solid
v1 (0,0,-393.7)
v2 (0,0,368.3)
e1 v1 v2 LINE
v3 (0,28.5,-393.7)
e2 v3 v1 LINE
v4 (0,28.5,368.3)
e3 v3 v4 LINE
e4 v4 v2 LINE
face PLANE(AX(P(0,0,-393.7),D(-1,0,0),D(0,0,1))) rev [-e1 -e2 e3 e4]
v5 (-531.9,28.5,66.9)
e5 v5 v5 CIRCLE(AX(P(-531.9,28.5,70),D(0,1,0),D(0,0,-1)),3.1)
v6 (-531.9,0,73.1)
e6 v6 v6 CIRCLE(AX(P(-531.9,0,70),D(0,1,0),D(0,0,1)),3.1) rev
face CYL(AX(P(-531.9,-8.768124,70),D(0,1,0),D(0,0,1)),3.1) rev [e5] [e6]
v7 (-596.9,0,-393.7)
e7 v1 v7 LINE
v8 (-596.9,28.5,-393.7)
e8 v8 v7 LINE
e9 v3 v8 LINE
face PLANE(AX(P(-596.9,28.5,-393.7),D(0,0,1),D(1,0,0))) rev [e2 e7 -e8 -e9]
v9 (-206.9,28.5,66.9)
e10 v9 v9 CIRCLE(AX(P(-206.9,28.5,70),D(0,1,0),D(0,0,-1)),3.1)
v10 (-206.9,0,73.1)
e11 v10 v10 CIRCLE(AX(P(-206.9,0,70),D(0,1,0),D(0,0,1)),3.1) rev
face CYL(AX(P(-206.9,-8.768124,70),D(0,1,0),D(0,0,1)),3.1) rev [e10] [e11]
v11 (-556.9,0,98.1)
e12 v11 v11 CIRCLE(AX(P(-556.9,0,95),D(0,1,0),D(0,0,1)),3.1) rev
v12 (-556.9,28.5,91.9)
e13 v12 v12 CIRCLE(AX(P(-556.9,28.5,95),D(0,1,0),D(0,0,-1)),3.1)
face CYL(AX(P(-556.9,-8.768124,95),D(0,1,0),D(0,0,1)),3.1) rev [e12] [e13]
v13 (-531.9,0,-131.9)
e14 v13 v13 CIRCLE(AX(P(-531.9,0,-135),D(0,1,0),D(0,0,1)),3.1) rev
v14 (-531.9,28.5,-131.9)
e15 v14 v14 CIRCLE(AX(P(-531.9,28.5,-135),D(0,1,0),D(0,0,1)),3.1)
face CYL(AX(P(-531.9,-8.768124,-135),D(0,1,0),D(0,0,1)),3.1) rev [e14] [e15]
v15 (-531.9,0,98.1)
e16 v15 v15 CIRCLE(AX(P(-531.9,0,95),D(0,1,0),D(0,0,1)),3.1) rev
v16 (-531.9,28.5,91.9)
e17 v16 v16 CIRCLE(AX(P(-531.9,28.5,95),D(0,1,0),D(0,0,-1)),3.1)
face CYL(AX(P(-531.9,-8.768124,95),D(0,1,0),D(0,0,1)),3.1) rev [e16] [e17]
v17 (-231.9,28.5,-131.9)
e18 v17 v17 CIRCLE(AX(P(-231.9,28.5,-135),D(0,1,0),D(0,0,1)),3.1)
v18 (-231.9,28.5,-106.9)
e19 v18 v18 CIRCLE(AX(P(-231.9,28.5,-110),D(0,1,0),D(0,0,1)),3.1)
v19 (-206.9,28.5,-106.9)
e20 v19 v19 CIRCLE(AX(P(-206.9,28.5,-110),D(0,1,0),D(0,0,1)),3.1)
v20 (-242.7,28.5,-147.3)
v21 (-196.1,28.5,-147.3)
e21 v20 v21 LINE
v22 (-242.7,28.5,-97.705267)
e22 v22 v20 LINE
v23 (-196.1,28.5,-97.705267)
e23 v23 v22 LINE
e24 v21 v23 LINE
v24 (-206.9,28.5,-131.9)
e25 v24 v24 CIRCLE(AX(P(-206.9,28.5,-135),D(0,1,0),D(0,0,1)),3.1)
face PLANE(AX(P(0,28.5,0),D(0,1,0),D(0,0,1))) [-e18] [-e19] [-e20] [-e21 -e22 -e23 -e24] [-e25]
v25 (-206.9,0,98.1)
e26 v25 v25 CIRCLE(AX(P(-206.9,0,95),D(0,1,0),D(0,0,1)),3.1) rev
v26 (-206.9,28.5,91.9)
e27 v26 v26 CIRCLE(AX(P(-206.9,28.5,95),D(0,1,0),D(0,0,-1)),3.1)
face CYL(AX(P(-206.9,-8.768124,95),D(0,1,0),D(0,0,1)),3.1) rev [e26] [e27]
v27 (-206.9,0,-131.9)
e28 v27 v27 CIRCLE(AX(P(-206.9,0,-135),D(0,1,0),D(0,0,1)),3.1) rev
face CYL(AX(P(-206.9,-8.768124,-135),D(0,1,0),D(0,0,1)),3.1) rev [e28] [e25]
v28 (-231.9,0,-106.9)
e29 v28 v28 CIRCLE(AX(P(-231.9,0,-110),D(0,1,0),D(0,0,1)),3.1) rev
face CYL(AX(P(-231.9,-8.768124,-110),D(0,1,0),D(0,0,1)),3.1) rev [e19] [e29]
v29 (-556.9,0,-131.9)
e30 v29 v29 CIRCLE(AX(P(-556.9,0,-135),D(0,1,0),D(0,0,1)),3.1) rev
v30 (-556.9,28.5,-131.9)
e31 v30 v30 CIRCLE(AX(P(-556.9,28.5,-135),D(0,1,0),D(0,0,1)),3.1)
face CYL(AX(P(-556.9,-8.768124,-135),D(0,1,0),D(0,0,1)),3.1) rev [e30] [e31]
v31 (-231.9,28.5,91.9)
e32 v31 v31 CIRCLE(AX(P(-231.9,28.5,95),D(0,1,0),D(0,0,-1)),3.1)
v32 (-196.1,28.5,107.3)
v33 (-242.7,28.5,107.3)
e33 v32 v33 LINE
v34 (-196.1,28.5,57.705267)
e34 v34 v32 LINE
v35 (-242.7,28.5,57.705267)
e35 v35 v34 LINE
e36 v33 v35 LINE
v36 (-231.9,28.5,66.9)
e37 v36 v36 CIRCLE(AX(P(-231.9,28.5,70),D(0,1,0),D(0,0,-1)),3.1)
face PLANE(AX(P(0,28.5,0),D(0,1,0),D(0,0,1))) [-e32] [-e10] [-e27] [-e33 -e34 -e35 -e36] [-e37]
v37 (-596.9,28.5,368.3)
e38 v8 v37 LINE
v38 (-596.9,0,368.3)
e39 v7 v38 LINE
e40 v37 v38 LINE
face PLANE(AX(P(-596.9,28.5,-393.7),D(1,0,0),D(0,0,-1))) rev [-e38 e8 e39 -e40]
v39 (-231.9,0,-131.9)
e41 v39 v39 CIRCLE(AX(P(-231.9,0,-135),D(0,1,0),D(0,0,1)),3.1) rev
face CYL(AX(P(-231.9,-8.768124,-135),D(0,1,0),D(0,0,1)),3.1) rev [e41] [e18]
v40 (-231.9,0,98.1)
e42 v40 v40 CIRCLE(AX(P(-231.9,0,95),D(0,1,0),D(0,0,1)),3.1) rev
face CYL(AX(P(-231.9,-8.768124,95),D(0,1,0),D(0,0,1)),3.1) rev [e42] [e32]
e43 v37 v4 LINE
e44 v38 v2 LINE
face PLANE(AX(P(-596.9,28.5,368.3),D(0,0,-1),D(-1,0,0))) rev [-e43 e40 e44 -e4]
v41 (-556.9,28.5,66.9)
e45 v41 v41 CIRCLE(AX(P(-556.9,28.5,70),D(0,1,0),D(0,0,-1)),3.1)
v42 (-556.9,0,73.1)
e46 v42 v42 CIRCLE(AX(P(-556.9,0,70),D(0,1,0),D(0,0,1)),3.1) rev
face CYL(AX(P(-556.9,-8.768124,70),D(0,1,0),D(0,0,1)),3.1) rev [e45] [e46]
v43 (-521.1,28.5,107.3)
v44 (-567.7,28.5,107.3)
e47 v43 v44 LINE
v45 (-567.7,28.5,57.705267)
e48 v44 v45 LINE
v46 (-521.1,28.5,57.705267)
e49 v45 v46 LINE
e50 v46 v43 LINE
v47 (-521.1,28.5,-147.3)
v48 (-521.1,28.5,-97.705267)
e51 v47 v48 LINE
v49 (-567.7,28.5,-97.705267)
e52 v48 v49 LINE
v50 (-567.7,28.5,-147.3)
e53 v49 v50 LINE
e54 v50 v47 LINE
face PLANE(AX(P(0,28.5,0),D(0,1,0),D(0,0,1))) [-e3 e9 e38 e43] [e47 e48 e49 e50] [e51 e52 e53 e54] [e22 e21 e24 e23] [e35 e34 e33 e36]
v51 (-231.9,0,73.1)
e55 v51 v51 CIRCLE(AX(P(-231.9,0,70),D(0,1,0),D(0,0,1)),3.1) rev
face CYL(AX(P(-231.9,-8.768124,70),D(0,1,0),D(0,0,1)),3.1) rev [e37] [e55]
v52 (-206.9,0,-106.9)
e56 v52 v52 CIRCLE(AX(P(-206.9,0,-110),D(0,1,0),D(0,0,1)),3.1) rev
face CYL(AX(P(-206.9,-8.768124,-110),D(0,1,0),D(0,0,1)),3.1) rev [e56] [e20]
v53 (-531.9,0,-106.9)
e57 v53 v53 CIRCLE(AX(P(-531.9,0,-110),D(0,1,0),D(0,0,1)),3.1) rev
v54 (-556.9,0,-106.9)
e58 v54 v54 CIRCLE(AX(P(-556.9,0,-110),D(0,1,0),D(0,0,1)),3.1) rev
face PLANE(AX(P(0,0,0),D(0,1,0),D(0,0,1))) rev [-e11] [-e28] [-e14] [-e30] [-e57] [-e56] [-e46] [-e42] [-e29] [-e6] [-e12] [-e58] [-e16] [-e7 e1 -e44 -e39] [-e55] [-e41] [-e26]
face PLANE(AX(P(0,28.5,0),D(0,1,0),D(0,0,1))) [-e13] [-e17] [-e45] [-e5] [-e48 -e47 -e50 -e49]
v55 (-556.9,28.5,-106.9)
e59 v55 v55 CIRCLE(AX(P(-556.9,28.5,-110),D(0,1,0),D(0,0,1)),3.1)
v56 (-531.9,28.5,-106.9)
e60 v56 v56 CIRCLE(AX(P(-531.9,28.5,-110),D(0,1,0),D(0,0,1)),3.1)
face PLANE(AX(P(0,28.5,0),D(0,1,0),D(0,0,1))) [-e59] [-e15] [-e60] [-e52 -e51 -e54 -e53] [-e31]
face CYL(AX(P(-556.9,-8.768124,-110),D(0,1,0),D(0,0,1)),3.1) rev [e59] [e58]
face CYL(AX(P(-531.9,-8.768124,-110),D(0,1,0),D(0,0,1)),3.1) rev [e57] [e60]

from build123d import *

# Parameters (mm, degrees)
SKETCH1_W               = 1028.7
SKETCH1_H               = 50.8
BOSS_EXTRUDE1_DEPTH     = 704.85
SKETCH2_W               = 508
SKETCH2_H               = 100
SKETCH2_H_2             = 403.25
CUT_EXTRUDE1_DEPTH      = 585.2
CUT_EXTRUDE1_DEPTH_BACK = 585.2
SKETCH3_W               = 1193.8
SKETCH3_H               = 762
BOSS_EXTRUDE2_DEPTH     = 28.5
SKETCH4_R               = 3.1
CUT_EXTRUDE2_DEPTH      = 28.5
SKETCH5_R               = 1000
SKETCH5_W               = 596.9
SKETCH5_H               = 28.5
CUT_EXTRUDE3_DEPTH      = 369.3
CUT_EXTRUDE3_DEPTH_BACK = 394.7


with BuildPart() as part:
    # Sketch1 → Boss-Extrude1 (new body)
    with BuildSketch(Plane(origin=(0, 0, 0), x_dir=(1, 0, 0), z_dir=(0, 1, 0))):
        Polygon((-584.2, 355.6), (-584.2, 254), (-552.45, 254), (-514.35, 254), (-482.6, 254), (-482.6, 355.6), align=None)
        Polygon((584.2, 355.6), (482.6, 355.6), (482.6, 254), (514.35, 254), (552.45, 254), (584.2, 254), align=None)
        Polygon((482.6, -254), (482.6, -355.6), (584.2, -355.6), (584.2, -254), (552.45, -254), (514.35, -254), align=None)
        Polygon((-552.45, -254), (-584.2, -254), (-584.2, -355.6), (-482.6, -355.6), (-482.6, -254), (-514.35, -254), align=None)
        Polygon((-514.35, 254), (-552.45, 254), (-552.45, -254), (-514.35, -254), (-514.35, -25.4), (-514.35, 25.4), align=None)
        Rectangle(SKETCH1_W, SKETCH1_H)
        Polygon((514.35, 254), (514.35, 25.4), (514.35, -25.4), (514.35, -254), (552.45, -254), (552.45, 254), align=None)
    extrude(amount=-BOSS_EXTRUDE1_DEPTH)

    # Sketch2 → Cut-Extrude1 (cut, two sides)
    with BuildSketch(Plane(origin=(0, 0, 0), x_dir=(0, 0, -1), z_dir=(1, 0, 0))) as cut_extrude1_sk:
        with Locations((0, -50)):
            Rectangle(SKETCH2_W, SKETCH2_H)
        with Locations((0, -352.425)):
            Rectangle(SKETCH2_W, SKETCH2_H_2)
        with Locations((0, -654.85)):
            Rectangle(SKETCH2_W, SKETCH2_H)
    extrude(amount=CUT_EXTRUDE1_DEPTH, mode=Mode.SUBTRACT)
    extrude(cut_extrude1_sk.sketch, amount=-CUT_EXTRUDE1_DEPTH_BACK, mode=Mode.SUBTRACT)


with BuildPart() as body_2:
    # Sketch3 → Boss-Extrude2 (new body)
    with BuildSketch(Plane(origin=(0, 0, 0), x_dir=(1, 0, 0), z_dir=(0, 1, 0))):
        with Locations((0, 12.7)):
            Rectangle(SKETCH3_W, SKETCH3_H)
    extrude(amount=BOSS_EXTRUDE2_DEPTH)

    # Sketch4 → Cut-Extrude2 (cut)
    with BuildSketch(Plane(origin=(0, 28.5, 0), x_dir=(1, 0, 0), z_dir=(0, 1, 0))):
        with Locations((-556.9, 110)):
            Circle(SKETCH4_R)
        with Locations((-531.9, 110)):
            Circle(SKETCH4_R)
        with Locations((-531.9, 135)):
            Circle(SKETCH4_R)
        with Locations((-556.9, 135)):
            Circle(SKETCH4_R)
        with Locations((-231.9, 135)):
            Circle(SKETCH4_R)
        with Locations((-206.9, 135)):
            Circle(SKETCH4_R)
        with Locations((-231.9, 110)):
            Circle(SKETCH4_R)
        with Locations((-206.9, 110)):
            Circle(SKETCH4_R)
        with Locations((-206.9, -70)):
            Circle(SKETCH4_R)
        with Locations((-231.9, -70)):
            Circle(SKETCH4_R)
        with Locations((-231.9, -95)):
            Circle(SKETCH4_R)
        with Locations((-206.9, -95)):
            Circle(SKETCH4_R)
        with Locations((-531.9, -70)):
            Circle(SKETCH4_R)
        with Locations((-531.9, -95)):
            Circle(SKETCH4_R)
        with Locations((-556.9, -70)):
            Circle(SKETCH4_R)
        with Locations((-556.9, -95)):
            Circle(SKETCH4_R)
    cut_extrude2 = extrude(amount=-CUT_EXTRUDE2_DEPTH, mode=Mode.SUBTRACT)

    # Mirror1: Cut-Extrude2 across plane
    add(cut_extrude2.mirror(Plane(origin=(0, 0, 0), x_dir=(0, 0, 1), z_dir=(1, 0, 0))), mode=Mode.SUBTRACT)


with BuildPart() as cut_extrude3_tool:
    # Sketch5 → Cut-Extrude3 (new body, two sides)
    with BuildSketch(Plane.XY) as cut_extrude3_sk:
        Circle(SKETCH5_R)
        with Locations((-298.45, 14.25)):
            Rectangle(SKETCH5_W, SKETCH5_H, mode=Mode.SUBTRACT)
    extrude(amount=CUT_EXTRUDE3_DEPTH)
    extrude(cut_extrude3_sk.sketch, amount=-CUT_EXTRUDE3_DEPTH_BACK)


with BuildPart() as part_1:
    add(part.part)

    # Cut-Extrude3: cut by cut_extrude3_tool
    add(cut_extrude3_tool.part, mode=Mode.SUBTRACT)


with BuildPart() as body_2_1:
    add(body_2.part)

    # Cut-Extrude3: cut by cut_extrude3_tool
    add(cut_extrude3_tool.part, mode=Mode.SUBTRACT)


solid = body_2_1.part
